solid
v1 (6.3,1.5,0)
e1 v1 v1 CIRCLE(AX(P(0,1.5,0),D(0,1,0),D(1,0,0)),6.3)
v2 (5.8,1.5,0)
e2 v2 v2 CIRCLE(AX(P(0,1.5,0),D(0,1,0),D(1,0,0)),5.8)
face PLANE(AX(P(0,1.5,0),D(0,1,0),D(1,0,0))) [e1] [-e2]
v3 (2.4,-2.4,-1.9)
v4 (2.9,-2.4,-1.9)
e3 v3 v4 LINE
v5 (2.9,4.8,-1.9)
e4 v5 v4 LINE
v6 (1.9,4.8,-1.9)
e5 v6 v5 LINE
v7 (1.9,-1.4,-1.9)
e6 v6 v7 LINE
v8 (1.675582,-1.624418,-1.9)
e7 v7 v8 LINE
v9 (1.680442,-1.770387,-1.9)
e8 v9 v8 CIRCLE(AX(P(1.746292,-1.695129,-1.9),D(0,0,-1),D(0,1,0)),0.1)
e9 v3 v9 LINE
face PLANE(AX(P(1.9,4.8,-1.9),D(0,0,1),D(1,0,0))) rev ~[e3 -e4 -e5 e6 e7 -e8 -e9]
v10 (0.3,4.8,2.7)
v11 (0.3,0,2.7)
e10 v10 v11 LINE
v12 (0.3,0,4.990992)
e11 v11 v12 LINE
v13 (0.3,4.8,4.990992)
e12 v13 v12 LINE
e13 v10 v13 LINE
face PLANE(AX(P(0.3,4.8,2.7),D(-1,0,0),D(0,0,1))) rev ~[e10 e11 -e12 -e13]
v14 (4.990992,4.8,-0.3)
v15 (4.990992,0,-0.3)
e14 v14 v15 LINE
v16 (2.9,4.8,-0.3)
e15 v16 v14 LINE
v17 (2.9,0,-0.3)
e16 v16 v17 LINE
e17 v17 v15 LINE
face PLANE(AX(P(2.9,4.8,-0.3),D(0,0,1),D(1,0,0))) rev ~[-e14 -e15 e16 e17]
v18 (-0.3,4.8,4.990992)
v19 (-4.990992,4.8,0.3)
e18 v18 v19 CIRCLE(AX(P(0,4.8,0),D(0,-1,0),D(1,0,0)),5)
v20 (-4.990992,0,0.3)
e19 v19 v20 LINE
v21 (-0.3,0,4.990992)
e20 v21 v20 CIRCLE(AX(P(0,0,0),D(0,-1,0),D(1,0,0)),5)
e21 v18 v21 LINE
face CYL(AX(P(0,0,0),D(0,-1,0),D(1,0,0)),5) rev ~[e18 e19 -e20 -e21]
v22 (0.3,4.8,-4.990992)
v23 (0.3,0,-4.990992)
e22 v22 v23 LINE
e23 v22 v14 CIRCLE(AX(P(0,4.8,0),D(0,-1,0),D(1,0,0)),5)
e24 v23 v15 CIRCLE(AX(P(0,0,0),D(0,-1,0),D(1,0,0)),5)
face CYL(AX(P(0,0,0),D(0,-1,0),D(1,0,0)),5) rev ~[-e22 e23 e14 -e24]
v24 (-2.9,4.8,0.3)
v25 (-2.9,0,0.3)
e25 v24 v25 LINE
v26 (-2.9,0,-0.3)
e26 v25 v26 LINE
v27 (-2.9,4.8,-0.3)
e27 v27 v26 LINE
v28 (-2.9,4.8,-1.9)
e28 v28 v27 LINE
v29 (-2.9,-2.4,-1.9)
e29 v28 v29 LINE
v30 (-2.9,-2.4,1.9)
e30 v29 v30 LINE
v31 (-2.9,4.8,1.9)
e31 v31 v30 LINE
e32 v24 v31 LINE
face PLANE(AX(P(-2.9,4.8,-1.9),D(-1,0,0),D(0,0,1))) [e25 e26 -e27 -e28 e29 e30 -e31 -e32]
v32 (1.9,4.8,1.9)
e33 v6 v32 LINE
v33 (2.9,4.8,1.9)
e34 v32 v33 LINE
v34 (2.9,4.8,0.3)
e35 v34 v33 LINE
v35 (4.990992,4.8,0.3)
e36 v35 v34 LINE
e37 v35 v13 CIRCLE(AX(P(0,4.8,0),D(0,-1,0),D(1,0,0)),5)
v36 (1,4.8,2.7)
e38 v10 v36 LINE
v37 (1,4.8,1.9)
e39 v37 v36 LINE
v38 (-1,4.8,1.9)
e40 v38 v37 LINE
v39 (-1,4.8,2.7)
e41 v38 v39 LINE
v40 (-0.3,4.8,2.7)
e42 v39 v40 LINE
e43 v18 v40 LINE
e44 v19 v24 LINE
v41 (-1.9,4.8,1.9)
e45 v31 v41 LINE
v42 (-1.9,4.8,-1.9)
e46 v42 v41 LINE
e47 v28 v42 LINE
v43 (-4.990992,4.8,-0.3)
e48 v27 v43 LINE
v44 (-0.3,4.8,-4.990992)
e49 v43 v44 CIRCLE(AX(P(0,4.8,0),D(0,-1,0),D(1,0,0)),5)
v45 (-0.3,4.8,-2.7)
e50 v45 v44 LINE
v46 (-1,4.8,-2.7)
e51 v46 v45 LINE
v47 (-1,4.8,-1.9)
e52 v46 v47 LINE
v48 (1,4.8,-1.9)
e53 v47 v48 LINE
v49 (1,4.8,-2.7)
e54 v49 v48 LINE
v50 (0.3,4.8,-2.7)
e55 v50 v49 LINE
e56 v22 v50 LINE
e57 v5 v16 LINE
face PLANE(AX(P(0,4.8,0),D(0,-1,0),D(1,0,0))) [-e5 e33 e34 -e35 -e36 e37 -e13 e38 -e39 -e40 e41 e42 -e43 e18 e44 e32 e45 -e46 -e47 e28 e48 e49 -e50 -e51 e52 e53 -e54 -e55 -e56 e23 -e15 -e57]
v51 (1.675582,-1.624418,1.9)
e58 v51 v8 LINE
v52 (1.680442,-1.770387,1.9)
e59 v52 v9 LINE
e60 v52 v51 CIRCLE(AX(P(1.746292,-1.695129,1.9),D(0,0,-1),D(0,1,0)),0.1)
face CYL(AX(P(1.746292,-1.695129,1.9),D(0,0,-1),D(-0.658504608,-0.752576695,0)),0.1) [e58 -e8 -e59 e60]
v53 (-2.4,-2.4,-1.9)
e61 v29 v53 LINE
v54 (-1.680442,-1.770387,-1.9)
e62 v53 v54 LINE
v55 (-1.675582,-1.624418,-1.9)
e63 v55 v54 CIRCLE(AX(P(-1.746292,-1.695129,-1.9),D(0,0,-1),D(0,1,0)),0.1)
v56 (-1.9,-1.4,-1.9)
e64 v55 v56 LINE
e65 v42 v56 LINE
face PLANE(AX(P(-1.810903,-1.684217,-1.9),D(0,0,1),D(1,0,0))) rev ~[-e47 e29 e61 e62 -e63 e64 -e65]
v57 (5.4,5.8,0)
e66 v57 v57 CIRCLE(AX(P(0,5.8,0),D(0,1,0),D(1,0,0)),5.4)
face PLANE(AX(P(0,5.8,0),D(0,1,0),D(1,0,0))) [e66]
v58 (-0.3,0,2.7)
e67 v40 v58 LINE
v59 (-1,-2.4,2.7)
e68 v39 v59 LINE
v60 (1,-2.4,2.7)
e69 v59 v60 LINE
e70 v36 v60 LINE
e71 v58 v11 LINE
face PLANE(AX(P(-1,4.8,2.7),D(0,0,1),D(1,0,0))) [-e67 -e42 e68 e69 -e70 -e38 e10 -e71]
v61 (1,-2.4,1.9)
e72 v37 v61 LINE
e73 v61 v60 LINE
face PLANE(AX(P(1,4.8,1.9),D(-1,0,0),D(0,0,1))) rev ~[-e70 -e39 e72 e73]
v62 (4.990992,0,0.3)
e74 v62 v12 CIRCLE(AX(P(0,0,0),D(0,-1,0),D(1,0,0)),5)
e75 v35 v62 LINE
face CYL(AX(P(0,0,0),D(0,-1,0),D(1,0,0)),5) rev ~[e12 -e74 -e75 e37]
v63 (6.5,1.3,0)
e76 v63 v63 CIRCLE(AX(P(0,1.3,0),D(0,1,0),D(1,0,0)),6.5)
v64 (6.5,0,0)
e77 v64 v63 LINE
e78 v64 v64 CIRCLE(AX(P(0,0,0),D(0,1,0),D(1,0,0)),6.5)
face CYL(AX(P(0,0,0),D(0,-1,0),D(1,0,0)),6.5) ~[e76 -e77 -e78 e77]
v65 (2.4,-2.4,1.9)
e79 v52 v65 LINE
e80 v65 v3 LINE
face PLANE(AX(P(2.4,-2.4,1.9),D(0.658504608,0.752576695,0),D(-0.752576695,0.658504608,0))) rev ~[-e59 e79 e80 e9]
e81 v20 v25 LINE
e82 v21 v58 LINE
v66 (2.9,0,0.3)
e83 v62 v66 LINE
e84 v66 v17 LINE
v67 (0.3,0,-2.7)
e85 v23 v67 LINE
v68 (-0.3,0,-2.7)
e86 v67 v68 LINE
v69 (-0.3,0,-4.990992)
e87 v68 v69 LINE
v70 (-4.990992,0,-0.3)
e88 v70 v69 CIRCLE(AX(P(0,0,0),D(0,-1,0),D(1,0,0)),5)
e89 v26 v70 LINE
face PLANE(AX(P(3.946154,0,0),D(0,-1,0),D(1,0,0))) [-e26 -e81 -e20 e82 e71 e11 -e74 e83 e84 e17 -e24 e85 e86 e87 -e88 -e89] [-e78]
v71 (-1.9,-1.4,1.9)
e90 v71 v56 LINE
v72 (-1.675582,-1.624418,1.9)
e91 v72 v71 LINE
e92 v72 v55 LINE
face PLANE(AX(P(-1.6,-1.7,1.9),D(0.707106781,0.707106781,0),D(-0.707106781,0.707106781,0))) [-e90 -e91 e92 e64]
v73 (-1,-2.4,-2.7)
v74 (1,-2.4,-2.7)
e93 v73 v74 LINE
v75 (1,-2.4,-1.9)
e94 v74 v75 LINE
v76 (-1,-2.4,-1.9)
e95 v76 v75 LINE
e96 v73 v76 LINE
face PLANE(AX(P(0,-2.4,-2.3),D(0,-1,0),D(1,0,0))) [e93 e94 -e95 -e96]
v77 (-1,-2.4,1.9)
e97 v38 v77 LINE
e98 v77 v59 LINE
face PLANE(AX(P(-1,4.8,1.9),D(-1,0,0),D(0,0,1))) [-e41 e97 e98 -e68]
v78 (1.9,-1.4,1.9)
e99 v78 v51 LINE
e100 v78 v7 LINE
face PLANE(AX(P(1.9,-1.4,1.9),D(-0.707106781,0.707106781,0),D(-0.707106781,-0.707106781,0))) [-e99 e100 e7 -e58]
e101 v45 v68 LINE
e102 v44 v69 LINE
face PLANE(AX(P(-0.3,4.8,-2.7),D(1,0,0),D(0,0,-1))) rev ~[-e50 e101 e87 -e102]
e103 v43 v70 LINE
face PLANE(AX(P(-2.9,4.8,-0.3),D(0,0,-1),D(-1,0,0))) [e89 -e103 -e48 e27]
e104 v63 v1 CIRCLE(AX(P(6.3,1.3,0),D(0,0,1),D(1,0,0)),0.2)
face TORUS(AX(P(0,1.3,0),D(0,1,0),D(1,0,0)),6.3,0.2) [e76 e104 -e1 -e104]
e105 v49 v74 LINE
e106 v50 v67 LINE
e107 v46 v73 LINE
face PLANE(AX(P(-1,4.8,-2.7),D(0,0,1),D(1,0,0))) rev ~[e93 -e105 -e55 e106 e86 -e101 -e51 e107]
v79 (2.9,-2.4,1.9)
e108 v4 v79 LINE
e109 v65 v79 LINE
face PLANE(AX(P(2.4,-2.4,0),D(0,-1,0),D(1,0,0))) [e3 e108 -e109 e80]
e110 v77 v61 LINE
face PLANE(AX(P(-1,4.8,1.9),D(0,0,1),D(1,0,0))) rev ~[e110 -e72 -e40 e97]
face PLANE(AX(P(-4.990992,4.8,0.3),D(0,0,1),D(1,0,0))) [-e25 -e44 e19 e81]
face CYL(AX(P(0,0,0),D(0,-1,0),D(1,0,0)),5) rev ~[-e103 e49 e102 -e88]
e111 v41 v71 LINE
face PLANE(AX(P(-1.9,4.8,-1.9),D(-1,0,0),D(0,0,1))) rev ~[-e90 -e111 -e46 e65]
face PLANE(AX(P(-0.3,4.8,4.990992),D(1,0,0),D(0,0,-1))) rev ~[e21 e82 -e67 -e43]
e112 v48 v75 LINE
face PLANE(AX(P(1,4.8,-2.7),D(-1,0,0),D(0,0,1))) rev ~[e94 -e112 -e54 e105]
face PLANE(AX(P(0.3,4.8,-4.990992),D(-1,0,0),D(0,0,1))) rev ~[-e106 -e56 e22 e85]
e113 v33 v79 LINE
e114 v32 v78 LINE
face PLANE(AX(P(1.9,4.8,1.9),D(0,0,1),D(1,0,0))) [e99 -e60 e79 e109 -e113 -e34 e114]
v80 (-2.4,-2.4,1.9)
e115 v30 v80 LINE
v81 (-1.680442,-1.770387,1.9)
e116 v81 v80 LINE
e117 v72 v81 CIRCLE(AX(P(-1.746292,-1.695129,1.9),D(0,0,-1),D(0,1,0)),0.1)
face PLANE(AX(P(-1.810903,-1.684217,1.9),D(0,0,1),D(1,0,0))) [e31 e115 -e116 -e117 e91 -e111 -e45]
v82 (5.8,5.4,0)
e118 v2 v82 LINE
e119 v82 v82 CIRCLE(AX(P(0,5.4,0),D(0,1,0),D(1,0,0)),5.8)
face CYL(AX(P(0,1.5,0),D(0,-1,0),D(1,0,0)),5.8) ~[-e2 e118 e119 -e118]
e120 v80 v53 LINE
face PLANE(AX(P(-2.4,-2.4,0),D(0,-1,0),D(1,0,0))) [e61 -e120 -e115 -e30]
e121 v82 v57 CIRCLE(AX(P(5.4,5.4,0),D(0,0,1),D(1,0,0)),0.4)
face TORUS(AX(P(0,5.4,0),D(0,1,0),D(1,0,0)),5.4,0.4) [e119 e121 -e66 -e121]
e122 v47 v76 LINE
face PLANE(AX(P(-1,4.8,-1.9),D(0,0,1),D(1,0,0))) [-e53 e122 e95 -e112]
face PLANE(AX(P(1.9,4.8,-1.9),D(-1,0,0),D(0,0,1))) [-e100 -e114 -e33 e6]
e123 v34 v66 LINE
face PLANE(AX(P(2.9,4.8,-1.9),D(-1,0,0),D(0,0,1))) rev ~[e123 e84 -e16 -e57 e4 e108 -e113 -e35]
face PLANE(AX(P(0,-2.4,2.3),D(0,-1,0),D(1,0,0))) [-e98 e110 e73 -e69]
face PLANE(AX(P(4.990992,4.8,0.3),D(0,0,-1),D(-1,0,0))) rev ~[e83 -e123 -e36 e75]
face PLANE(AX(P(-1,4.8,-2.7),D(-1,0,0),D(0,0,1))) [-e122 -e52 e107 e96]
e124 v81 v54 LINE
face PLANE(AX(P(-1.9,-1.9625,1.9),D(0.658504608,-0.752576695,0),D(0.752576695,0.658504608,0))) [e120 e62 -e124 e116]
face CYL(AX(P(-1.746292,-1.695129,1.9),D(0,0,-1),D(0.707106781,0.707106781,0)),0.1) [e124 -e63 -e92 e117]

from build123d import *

# Parameters (mm, degrees)
SKETCH1_R           = 6.5
BOSS_EXTRUDE1_DEPTH = 1.5
SKETCH2_R           = 5.8
BOSS_EXTRUDE2_DEPTH = 4.3
FILLET1_R           = 0.4
SKETCH3_R           = 5
CUT_EXTRUDE1_DEPTH  = 4.8
BOSS_EXTRUDE3_DEPTH = 4.8
SKETCH5_W           = 2
SKETCH5_H           = 0.8
SKETCH5_W_2         = 1
SKETCH5_H_2         = 3.8
BOSS_EXTRUDE4_DEPTH = 7.2
CUT_EXTRUDE2_REACH  = 10.4
BOSS_EXTRUDE5_DEPTH = 3.8
FILLET2_R           = 0.1
FILLET3_R           = 0.2


with BuildPart() as part:
    # Sketch1 → Boss-Extrude1 (new body)
    with BuildSketch(Plane(origin=(0, 0, 0), x_dir=(1, 0, 0), z_dir=(0, 1, 0))):
        Circle(SKETCH1_R)
    extrude(amount=BOSS_EXTRUDE1_DEPTH)

    # Sketch2 → Boss-Extrude2 (add)
    with BuildSketch(Plane(origin=(0, 1.5, 0), x_dir=(1, 0, 0), z_dir=(0, 1, 0))):
        Circle(SKETCH2_R)
    extrude(amount=BOSS_EXTRUDE2_DEPTH)

    # Fillet1
    fillet1_edges = [part.edges().sort_by_distance(p)[0] for p in [
        (-5.8, 5.8, 0),
    ]]
    fillet(fillet1_edges, radius=FILLET1_R)

    # Sketch3 → Cut-Extrude1 (cut)
    with BuildSketch(Plane.XZ):
        Circle(SKETCH3_R)
    extrude(amount=-CUT_EXTRUDE1_DEPTH, mode=Mode.SUBTRACT)

    # Sketch4 → Boss-Extrude3 (add)
    with BuildSketch(Plane.XZ.offset(-4.8)):
        with BuildLine():
            Line((-4.990991885, 0.3), (-2.9, 0.3))
            Line((-2.9, 0.3), (-2.9, -0.3))
            Line((-2.9, -0.3), (-4.990991885, -0.3))
            ThreePointArc((-4.990991885, -0.3), (-5, 0), (-4.990991885, 0.3))
        make_face()
        with BuildLine():
            Line((2.9, 0.3), (2.9, -0.3))
            Line((2.9, -0.3), (4.990991885, -0.3))
            ThreePointArc((4.990991885, -0.3), (5, 0), (4.990991885, 0.3))
            Line((4.990991885, 0.3), (2.9, 0.3))
        make_face()
        with BuildLine():
            Line((-0.3, 4.990991885), (-0.3, 2.7))
            Line((-0.3, 2.7), (0.3, 2.7))
            Line((0.3, 2.7), (0.3, 4.990991885))
            ThreePointArc((0.3, 4.990991885), (0, 5), (-0.3, 4.990991885))
        make_face()
        with BuildLine():
            Line((0.3, -2.7), (-0.3, -2.7))
            Line((-0.3, -2.7), (-0.3, -4.990991885))
            ThreePointArc((-0.3, -4.990991885), (0, -5), (0.3, -4.990991885))
            Line((0.3, -4.990991885), (0.3, -2.7))
        make_face()
    extrude(amount=BOSS_EXTRUDE3_DEPTH)

    # Sketch5 → Boss-Extrude4 (add)
    with BuildSketch(Plane.XZ.offset(-4.8)):
        with Locations((0, 2.3)):
            Rectangle(SKETCH5_W, SKETCH5_H)
        with Locations((-2.4, 0)):
            Rectangle(SKETCH5_W_2, SKETCH5_H_2)
        with Locations((2.4, 0)):
            Rectangle(SKETCH5_W_2, SKETCH5_H_2)
        with Locations((0, -2.3)):
            Rectangle(SKETCH5_W, SKETCH5_H)
    extrude(amount=BOSS_EXTRUDE4_DEPTH)

    # Sketch6 → Cut-Extrude2 (cut, up to next)
    with BuildSketch(Plane.XY.offset(1.9), mode=Mode.PRIVATE) as cut_extrude2_sk1:
        Polygon((-1.9, -2.4), (-1.9, -1.9625), (-2.4, -2.4), align=None)
    cut_extrude2_tool1 = extrude(cut_extrude2_sk1.sketch, amount=-CUT_EXTRUDE2_REACH, mode=Mode.PRIVATE) & part.part
    add(cut_extrude2_tool1.solids().sort_by_distance((-2.066667, -2.254167, 1.9))[0], mode=Mode.SUBTRACT)
    # Sketch6 → Cut-Extrude2 (cut, up to next)
    with BuildSketch(Plane.XY.offset(1.9), mode=Mode.PRIVATE) as cut_extrude2_sk2:
        Polygon((1.9, -1.9625), (1.9, -2.4), (2.4, -2.4), align=None)
    cut_extrude2_tool2 = extrude(cut_extrude2_sk2.sketch, amount=-CUT_EXTRUDE2_REACH, mode=Mode.PRIVATE) & part.part
    add(cut_extrude2_tool2.solids().sort_by_distance((2.066667, -2.254167, 1.9))[0], mode=Mode.SUBTRACT)

    # Sketch6<3> → Boss-Extrude5 (add)
    with BuildSketch(Plane.XY.offset(1.9)):
        Polygon((-1.6, -1.7), (-1.9, -1.4), (-1.9, -1.9625), align=None)
        Polygon((1.6, -1.7), (1.9, -1.9625), (1.9, -1.4), align=None)
    extrude(amount=-BOSS_EXTRUDE5_DEPTH)

    # Fillet2
    fillet2_edges = [part.edges().sort_by_distance(p)[0] for p in [
        (-1.6, -1.7, 0),
        (1.6, -1.7, 0),
    ]]
    fillet(fillet2_edges, radius=FILLET2_R)

    # Fillet3
    fillet3_edges = [part.edges().sort_by_distance(p)[0] for p in [
        (-6.5, 1.5, 0),
    ]]
    fillet(fillet3_edges, radius=FILLET3_R)


solid = part.part
